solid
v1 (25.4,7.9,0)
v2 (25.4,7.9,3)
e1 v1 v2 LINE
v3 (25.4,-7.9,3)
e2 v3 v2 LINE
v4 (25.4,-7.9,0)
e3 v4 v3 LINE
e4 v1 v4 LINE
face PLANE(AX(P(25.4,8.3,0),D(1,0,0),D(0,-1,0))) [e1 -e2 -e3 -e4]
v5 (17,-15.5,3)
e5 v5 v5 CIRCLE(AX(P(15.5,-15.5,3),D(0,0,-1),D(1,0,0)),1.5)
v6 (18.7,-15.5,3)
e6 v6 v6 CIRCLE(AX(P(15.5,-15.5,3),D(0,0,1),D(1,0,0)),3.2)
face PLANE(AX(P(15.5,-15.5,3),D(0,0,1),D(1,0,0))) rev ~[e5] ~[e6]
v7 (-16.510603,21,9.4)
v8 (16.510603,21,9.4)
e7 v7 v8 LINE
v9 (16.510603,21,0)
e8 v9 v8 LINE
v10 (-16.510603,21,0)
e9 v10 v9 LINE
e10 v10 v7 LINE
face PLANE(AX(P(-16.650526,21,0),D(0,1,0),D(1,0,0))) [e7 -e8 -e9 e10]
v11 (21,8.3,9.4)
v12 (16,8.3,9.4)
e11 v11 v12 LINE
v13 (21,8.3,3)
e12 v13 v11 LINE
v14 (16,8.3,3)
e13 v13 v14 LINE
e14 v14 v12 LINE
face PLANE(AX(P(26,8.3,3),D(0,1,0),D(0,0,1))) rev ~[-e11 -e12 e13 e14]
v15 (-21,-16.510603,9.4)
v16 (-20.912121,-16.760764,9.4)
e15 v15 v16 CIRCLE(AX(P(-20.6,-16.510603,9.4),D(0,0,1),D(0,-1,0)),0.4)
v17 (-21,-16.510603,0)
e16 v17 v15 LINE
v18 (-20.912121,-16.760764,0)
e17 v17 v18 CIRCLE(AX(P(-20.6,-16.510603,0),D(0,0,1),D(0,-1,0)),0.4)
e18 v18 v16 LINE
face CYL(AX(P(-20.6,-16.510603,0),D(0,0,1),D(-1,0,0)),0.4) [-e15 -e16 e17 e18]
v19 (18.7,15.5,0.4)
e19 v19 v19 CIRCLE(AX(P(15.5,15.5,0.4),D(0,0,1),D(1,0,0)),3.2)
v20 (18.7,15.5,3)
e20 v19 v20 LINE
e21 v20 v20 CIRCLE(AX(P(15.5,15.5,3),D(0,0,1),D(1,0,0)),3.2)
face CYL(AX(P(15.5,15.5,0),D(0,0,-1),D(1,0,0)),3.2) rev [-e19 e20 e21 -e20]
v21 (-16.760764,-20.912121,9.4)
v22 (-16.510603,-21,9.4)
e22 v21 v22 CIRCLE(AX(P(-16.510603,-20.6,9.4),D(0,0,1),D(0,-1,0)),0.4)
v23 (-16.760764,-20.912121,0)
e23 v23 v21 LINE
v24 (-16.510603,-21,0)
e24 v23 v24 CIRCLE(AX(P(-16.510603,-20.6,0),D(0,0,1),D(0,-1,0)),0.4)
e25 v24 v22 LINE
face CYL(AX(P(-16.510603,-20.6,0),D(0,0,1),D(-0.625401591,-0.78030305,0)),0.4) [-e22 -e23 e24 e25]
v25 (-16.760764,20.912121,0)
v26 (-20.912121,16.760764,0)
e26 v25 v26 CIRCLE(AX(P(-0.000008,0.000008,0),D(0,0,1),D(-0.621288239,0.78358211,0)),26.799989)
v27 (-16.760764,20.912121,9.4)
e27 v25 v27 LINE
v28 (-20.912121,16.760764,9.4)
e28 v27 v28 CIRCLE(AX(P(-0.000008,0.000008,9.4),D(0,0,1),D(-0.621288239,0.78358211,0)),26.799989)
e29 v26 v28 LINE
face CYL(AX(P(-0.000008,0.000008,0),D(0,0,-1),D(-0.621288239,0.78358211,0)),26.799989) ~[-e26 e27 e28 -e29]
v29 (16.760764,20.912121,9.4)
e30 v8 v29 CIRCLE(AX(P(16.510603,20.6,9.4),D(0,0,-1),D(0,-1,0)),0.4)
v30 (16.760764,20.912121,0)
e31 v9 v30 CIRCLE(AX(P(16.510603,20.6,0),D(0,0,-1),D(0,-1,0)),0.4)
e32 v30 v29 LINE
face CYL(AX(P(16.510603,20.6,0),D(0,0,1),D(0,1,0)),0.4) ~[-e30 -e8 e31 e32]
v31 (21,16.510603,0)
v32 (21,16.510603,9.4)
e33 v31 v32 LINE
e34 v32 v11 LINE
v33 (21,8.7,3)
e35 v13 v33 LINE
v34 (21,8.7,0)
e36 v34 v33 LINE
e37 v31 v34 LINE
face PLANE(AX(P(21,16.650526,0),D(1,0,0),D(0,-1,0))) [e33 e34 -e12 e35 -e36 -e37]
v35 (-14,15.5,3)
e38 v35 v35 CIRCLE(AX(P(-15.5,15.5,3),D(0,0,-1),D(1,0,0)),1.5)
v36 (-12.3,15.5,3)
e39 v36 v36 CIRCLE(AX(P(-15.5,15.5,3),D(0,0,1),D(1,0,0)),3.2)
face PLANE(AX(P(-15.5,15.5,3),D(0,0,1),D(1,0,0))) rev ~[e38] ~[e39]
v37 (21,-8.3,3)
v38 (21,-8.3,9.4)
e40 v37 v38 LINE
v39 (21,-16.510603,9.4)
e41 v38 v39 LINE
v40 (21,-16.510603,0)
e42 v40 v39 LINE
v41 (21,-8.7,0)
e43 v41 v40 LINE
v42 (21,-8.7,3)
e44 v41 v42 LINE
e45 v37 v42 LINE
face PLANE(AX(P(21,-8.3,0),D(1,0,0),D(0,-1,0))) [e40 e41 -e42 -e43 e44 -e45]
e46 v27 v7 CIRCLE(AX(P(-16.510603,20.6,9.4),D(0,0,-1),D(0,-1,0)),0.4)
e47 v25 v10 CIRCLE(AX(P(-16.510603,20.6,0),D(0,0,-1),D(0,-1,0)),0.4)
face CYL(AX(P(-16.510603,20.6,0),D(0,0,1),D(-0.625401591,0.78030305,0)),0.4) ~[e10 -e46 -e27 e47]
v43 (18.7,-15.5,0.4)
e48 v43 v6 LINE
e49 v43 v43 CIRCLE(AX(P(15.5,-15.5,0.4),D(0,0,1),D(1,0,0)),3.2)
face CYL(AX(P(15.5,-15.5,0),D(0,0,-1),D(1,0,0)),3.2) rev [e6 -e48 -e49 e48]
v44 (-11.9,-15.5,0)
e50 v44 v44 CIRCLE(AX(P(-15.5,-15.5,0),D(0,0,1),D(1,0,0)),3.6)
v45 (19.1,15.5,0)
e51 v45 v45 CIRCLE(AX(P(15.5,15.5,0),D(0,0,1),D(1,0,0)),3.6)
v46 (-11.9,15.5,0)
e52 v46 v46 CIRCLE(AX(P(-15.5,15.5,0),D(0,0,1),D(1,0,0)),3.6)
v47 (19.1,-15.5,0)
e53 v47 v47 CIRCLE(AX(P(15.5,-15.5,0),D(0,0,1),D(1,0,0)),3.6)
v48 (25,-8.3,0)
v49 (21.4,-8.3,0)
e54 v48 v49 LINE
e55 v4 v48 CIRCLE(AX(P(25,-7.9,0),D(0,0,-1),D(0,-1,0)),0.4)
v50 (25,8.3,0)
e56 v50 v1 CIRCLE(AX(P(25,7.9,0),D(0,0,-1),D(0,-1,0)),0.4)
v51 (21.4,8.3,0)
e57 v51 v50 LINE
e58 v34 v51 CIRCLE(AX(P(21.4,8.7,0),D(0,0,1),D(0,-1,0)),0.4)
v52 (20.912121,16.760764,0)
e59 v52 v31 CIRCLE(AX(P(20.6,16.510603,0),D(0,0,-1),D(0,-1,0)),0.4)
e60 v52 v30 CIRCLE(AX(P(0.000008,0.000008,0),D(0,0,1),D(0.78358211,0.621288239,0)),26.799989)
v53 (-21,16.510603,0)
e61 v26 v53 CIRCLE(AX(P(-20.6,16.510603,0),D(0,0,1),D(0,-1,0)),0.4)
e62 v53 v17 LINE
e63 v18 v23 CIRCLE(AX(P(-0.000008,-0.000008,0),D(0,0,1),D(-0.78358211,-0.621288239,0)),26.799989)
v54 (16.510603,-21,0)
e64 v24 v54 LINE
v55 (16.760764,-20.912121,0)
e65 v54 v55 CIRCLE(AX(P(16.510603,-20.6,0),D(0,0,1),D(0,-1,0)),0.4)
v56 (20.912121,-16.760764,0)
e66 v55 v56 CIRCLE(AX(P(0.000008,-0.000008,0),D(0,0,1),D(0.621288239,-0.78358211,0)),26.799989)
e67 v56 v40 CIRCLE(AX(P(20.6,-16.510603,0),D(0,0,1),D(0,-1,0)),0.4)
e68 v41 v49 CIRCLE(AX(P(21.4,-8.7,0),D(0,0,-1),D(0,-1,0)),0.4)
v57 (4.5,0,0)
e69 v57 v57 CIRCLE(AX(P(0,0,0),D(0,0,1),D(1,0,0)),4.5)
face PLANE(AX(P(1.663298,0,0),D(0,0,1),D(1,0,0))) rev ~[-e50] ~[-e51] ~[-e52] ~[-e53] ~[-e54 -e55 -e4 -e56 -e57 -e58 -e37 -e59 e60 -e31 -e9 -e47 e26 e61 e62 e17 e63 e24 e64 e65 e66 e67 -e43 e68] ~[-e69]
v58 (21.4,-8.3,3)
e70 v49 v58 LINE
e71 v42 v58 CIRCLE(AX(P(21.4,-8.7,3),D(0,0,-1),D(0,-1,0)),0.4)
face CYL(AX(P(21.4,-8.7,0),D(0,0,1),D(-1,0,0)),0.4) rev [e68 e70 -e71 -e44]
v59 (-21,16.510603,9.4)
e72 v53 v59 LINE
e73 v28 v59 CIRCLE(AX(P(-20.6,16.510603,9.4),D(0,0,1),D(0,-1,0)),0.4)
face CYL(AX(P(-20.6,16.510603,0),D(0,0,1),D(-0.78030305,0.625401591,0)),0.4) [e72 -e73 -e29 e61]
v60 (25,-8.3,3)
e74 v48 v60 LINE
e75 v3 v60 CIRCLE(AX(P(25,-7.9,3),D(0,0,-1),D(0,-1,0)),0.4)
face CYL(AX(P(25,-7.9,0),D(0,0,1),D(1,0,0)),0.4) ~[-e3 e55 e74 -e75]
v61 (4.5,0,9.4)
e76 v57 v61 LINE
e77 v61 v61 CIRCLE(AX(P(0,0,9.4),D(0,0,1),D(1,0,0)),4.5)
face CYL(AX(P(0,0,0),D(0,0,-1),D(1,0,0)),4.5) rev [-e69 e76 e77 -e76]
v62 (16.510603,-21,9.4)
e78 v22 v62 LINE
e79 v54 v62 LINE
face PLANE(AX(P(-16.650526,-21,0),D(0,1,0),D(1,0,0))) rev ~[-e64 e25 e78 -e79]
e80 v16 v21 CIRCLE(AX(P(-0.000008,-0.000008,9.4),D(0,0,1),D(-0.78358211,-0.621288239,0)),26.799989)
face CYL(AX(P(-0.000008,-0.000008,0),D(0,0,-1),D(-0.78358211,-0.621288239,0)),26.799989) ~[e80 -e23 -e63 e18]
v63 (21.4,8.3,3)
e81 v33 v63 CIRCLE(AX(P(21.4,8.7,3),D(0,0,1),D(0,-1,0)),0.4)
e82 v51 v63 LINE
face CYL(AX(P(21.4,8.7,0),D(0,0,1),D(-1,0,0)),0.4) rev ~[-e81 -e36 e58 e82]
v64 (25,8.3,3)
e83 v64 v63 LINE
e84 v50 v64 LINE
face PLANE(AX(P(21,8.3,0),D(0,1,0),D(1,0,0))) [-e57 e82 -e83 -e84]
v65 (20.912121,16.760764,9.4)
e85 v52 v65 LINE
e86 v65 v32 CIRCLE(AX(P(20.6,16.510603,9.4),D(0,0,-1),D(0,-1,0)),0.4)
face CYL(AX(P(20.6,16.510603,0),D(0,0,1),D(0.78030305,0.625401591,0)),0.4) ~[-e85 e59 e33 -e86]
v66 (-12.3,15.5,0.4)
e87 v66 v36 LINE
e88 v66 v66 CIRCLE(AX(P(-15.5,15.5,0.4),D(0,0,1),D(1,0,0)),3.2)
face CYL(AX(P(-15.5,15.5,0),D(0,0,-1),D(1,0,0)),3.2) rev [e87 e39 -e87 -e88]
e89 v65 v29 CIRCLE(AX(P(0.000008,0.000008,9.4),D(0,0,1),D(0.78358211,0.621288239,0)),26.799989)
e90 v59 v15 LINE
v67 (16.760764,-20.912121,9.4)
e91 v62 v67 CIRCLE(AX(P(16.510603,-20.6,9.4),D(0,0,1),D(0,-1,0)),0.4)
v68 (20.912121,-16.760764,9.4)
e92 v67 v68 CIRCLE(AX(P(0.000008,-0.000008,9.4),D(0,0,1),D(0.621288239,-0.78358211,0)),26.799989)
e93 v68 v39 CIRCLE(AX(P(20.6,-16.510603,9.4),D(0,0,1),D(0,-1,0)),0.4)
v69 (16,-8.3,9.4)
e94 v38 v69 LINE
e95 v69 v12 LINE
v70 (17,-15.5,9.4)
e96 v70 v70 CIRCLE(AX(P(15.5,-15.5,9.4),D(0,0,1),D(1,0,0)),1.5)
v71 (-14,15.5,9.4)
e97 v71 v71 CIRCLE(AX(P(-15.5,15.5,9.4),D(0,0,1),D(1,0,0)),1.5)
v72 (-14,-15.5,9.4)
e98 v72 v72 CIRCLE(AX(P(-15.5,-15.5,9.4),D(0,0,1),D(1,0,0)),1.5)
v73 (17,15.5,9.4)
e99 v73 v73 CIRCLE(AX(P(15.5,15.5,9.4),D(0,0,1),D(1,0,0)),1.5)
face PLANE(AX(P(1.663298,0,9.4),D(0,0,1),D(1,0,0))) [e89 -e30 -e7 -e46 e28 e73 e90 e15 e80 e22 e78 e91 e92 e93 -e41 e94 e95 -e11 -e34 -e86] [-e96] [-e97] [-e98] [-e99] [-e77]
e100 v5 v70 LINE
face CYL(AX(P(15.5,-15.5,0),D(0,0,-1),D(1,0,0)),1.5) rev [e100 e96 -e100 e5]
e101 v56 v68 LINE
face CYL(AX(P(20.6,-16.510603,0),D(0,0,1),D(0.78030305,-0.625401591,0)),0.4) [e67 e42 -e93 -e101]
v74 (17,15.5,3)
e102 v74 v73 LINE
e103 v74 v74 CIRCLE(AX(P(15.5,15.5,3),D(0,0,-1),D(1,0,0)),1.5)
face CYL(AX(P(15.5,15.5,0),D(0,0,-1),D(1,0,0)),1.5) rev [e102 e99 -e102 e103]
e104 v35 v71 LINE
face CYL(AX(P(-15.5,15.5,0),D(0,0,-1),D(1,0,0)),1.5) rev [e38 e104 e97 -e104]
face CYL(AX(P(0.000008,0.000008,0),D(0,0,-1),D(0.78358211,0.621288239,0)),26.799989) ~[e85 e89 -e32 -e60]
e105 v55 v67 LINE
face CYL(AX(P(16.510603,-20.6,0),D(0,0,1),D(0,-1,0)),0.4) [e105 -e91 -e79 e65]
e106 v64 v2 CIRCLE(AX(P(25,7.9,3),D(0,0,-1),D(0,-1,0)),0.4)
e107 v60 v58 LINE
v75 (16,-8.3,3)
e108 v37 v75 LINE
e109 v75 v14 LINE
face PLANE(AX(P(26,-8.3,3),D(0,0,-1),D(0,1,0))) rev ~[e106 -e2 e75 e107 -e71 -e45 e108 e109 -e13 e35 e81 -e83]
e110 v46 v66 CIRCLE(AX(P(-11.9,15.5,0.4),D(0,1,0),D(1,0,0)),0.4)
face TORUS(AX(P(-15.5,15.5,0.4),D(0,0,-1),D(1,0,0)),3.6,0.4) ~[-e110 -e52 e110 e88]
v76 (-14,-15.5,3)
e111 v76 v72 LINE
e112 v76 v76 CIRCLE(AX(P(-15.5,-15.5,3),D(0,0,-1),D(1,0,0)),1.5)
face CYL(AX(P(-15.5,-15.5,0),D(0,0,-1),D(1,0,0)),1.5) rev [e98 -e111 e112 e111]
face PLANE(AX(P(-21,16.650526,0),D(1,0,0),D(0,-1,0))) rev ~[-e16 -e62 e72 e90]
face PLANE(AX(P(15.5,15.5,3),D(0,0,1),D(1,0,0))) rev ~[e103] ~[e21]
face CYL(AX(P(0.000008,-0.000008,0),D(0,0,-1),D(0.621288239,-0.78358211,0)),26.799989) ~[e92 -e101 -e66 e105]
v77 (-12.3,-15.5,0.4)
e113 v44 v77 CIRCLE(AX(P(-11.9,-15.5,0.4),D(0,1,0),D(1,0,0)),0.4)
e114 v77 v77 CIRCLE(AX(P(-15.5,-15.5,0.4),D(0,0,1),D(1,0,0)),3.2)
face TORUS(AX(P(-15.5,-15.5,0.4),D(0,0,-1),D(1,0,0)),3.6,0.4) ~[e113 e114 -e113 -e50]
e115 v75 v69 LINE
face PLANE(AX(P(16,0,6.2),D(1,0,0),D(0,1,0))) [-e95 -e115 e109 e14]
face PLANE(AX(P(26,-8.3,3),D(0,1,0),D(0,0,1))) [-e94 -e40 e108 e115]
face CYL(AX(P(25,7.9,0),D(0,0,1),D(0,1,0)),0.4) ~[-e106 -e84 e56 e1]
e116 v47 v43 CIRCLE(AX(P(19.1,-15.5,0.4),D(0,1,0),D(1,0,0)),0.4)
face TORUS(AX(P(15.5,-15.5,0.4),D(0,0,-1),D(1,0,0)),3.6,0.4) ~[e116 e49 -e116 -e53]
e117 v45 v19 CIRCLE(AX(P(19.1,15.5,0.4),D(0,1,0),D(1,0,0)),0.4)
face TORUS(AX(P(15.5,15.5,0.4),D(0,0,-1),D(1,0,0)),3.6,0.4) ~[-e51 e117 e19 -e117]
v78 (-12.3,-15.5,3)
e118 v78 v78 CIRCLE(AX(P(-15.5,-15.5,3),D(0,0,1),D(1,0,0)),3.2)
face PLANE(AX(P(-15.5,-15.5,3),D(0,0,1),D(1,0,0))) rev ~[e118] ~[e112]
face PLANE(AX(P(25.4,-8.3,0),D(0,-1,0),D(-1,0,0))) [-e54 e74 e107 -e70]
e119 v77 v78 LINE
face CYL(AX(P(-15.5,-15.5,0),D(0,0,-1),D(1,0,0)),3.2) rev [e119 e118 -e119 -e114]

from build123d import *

# Parameters (mm, degrees)
SKETCH_R        = 4.5
SKETCH_R_2      = 1.5
PAD_DEPTH       = 9.4
SKETCH002_R     = 3.2
POCKET_DEPTH    = 3
SKETCH004_W     = 16.6
SKETCH004_H     = 6.4
POCKET002_DEPTH = 10
FILLET_R        = 0.4


with BuildPart() as part:
    # Sketch → Pad (new body)
    with BuildSketch(Plane.XY):
        with BuildLine():
            ThreePointArc((-16.650526, 21), (-18.950462, 18.950462), (-21, 16.650526))
            Line((-21, 16.650526), (-21, -16.650526))
            ThreePointArc((-21, -16.650526), (-18.950462, -18.950462), (-16.650526, -21))
            Line((-16.650526, -21), (16.650526, -21))
            ThreePointArc((16.650526, -21), (18.950462, -18.950462), (21, -16.650526))
            Line((21, -8.3), (21, -16.650526))
            Line((25.4, -8.3), (21, -8.3))
            Line((25.4, 8.3), (25.4, -8.3))
            Line((21, 8.3), (25.4, 8.3))
            Line((21, 16.650526), (21, 8.3))
            ThreePointArc((21, 16.650526), (18.950462, 18.950462), (16.650526, 21))
            Line((-16.650526, 21), (16.650526, 21))
        make_face()
        Circle(SKETCH_R, mode=Mode.SUBTRACT)
        with Locations((-15.5, 15.5)):
            Circle(SKETCH_R_2, mode=Mode.SUBTRACT)
        with Locations((15.5, 15.5)):
            Circle(SKETCH_R_2, mode=Mode.SUBTRACT)
        with Locations((15.5, -15.5)):
            Circle(SKETCH_R_2, mode=Mode.SUBTRACT)
        with Locations((-15.5, -15.5)):
            Circle(SKETCH_R_2, mode=Mode.SUBTRACT)
    extrude(amount=PAD_DEPTH)

    # Sketch002 → Pocket (cut)
    with BuildSketch(Plane.XY):
        with Locations((-15.5, 15.5)):
            Circle(SKETCH002_R)
        with Locations((15.5, 15.5)):
            Circle(SKETCH002_R)
        with Locations((15.5, -15.5)):
            Circle(SKETCH002_R)
        with Locations((-15.5, -15.5)):
            Circle(SKETCH002_R)
    extrude(amount=POCKET_DEPTH, mode=Mode.SUBTRACT)

    # Sketch004 → Pocket002 (cut)
    with BuildSketch(Plane.YZ.offset(26)):
        with Locations((0, 6.2)):
            Rectangle(SKETCH004_W, SKETCH004_H)
    extrude(amount=-POCKET002_DEPTH, mode=Mode.SUBTRACT)

    # Fillet
    fillet_edges = [part.edges().sort_by_distance(p)[0] for p in [
        (21, -8.3, 1.5),
        (21, 8.3, 1.5),
        (25.4, 8.3, 1.5),
        (25.4, -8.3, 1.5),
        (21, -16.650526, 4.7),
        (16.650526, -21, 4.7),
        (-16.650526, -21, 4.7),
        (-21, -16.650526, 4.7),
        (-21, 16.650526, 4.7),
        (-16.650526, 21, 4.7),
        (16.650526, 21, 4.7),
        (21, 16.650526, 4.7),
        (-18.7, 15.5, 0),
        (-18.7, -15.5, 0),
        (12.3, -15.5, 0),
        (12.3, 15.5, 0),
    ]]
    fillet(fillet_edges, radius=FILLET_R)


solid = part.part
